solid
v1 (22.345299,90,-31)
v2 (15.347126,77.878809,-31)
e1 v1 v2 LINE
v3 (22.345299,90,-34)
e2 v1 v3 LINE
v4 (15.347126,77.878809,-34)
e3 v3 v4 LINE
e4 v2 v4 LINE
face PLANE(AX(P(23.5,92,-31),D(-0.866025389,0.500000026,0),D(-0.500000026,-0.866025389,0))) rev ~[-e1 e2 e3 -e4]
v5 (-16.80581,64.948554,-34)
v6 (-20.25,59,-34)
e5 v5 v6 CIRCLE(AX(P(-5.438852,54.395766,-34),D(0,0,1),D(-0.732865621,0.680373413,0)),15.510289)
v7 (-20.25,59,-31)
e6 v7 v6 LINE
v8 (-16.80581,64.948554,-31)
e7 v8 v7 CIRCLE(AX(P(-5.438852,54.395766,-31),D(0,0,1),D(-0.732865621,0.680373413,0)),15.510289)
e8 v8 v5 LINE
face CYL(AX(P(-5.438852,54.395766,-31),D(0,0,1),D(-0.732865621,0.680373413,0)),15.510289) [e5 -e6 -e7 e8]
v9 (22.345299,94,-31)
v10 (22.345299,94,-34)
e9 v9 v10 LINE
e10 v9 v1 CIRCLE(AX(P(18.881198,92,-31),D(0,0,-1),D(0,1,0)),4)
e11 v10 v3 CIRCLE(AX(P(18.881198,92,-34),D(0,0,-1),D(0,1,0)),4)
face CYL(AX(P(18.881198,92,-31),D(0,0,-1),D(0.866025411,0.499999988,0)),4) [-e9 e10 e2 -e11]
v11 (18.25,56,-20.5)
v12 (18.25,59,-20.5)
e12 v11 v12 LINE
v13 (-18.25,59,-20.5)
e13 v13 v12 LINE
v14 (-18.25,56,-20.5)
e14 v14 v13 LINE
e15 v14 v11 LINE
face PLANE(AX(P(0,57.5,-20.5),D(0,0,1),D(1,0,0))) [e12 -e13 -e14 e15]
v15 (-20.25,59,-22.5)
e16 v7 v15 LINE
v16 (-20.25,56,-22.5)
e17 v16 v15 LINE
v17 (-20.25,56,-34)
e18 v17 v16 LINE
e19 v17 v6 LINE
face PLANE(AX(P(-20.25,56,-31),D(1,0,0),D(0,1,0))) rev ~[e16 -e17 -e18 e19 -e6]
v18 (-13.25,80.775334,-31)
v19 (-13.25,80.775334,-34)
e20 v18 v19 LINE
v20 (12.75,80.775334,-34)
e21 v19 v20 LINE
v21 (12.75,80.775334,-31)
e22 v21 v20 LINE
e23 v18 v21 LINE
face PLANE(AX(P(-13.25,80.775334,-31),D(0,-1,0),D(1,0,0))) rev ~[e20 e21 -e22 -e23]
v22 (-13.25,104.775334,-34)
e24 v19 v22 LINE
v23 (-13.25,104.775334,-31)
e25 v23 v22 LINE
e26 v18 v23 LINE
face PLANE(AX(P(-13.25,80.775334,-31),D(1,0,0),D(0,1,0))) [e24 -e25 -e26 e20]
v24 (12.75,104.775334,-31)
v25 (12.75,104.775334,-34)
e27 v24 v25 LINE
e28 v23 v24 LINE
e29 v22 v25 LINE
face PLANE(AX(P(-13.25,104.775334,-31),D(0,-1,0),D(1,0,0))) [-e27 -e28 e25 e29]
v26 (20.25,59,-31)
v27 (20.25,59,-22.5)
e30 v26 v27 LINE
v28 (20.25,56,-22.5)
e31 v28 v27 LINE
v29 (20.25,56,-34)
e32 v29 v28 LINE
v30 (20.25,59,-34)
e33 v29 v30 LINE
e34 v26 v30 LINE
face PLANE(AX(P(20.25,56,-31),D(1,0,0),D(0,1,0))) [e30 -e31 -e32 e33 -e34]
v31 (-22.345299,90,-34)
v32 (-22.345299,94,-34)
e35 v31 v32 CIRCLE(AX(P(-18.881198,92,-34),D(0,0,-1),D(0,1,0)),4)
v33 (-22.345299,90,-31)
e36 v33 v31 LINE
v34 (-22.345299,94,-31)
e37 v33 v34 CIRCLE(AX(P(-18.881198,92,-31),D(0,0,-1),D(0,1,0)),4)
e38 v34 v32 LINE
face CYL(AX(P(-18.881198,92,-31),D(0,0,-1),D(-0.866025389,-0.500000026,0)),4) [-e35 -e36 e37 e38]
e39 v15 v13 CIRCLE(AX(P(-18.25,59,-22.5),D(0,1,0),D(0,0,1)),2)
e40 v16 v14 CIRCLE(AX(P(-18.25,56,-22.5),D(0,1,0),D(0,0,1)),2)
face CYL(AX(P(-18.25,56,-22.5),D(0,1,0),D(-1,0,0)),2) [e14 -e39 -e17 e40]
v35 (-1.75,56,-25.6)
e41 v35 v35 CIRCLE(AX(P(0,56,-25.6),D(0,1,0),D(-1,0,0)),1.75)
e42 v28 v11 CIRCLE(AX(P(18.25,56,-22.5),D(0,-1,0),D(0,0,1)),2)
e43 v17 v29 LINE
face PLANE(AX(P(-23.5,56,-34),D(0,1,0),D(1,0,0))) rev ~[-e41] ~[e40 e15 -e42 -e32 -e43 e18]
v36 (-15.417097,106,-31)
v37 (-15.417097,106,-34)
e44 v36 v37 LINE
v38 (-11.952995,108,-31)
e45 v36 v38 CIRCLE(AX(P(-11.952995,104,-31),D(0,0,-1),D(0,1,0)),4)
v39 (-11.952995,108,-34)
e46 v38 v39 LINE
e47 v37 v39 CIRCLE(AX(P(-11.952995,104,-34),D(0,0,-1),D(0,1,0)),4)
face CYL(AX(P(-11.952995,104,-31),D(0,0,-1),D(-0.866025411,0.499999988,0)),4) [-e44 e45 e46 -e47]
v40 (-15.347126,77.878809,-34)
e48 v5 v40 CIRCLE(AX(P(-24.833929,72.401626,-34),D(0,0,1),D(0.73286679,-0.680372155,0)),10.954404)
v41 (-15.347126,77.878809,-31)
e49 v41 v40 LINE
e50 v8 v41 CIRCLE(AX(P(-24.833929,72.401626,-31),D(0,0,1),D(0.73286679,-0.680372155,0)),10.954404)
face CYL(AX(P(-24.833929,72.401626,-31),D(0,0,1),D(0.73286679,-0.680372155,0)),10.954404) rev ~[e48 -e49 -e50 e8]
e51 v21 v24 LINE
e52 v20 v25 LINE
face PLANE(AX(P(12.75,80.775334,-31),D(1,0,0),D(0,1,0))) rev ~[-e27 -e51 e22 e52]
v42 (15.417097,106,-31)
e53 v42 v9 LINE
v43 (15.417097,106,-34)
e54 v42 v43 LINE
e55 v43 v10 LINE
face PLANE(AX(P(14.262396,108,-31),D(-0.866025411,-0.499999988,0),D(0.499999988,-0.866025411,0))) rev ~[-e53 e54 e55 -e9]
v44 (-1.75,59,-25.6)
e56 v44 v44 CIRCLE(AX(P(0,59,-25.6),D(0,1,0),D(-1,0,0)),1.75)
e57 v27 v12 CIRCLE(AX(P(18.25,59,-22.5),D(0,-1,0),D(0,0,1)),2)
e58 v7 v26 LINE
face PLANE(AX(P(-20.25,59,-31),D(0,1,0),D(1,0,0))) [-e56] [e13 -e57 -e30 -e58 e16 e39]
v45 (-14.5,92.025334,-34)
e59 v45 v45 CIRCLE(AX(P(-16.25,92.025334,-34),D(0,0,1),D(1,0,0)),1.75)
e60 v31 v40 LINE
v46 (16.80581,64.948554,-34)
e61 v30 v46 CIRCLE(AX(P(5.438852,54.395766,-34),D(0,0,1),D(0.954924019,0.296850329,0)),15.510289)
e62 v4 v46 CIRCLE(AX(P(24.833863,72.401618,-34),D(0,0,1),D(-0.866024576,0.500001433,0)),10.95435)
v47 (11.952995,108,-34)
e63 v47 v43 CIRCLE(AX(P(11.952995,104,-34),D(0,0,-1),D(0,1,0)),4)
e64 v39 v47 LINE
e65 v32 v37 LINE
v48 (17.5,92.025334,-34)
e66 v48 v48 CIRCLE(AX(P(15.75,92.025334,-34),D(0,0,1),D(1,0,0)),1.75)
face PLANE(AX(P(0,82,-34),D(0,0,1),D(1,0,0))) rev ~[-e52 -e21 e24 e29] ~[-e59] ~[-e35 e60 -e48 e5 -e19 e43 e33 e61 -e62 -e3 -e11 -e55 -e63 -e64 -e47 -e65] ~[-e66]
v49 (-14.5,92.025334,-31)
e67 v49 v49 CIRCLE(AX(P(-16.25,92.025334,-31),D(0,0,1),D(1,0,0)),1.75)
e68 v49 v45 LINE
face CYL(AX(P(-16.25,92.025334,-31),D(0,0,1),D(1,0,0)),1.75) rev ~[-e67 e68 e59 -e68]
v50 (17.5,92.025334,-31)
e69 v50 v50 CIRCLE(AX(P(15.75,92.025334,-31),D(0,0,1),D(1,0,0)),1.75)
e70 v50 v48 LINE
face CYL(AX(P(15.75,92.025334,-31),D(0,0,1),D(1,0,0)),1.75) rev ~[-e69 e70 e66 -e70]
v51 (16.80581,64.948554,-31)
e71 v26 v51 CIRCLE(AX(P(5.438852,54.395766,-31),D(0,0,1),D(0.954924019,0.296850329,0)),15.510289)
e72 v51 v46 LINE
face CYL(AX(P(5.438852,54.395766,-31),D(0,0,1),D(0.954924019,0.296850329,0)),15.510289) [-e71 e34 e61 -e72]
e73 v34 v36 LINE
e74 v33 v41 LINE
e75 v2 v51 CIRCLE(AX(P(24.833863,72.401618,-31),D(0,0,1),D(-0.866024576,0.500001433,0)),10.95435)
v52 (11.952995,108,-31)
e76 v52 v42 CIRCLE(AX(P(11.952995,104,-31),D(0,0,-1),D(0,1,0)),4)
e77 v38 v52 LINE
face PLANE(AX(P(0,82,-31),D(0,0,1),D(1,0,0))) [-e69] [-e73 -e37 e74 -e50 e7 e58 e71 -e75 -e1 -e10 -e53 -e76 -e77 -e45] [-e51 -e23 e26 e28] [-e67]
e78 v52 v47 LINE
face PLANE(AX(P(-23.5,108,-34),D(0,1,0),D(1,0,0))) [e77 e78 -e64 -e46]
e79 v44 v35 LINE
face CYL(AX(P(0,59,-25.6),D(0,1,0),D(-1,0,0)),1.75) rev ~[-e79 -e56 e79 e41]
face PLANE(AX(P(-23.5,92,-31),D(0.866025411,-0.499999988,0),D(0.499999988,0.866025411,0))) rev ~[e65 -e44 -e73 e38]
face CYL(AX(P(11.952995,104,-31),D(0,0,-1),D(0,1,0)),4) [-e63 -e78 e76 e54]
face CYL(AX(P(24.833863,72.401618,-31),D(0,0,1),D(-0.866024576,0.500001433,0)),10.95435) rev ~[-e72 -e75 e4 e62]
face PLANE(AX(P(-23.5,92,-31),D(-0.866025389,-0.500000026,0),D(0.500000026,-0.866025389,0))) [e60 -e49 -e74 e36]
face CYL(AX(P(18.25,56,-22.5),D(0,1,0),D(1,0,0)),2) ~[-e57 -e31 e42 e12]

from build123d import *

# Parameters (mm, degrees)
BOX001_W        = 47
BOX001_H        = 52
BOX001_DEPTH    = 3
SKETCH_R        = 1.75
SKETCH_W        = 26
SKETCH_H        = 24
POCKET004_DEPTH = 5
SKETCH001_W     = 66.159115
SKETCH001_H     = 64.322982
POCKET005_DEPTH = 5
FILLET014_R     = 4
BOX002_W        = 40.5
BOX002_H        = 3
BOX002_DEPTH    = 10.5
FILLET015_R     = 2
SKETCH002_R     = 1.75
POCKET006_DEPTH = 5


with BuildPart() as fillet_tongue_base:
    # Box001 → Box001 (new body)
    with BuildSketch(Plane(origin=(-23.5, 56, -34), x_dir=(1, 0, 0), z_dir=(0, 0, 1))):
        with Locations((23.5, 26)):
            Rectangle(BOX001_W, BOX001_H)
    extrude(amount=BOX001_DEPTH)

    # Sketch → Pocket004 (cut)
    with BuildSketch(Plane(origin=(-23.5, 56, -31), x_dir=(1, 0, 0), z_dir=(0, 0, 1))):
        with Locations((7.25, 36.025334)):
            Circle(SKETCH_R)
        with Locations((39.25, 36.025334)):
            Circle(SKETCH_R)
        with Locations((23.25, 36.775334)):
            Rectangle(SKETCH_W, SKETCH_H)
    extrude(amount=-POCKET004_DEPTH, mode=Mode.SUBTRACT)

    # Sketch001 → Pocket005 (cut)
    with BuildSketch(Plane(origin=(-23.5, 56, -31), x_dir=(1, 0, 0), z_dir=(0, 0, 1))):
        with Locations((23.771638, 27.147535)):
            Rectangle(SKETCH001_W, SKETCH001_H)
        with BuildLine():
            Line((0, 36), (9.237604, 52))
            Line((9.237604, 52), (37.762396, 52))
            Line((37.762396, 52), (47, 36))
            Line((47, 36), (38.847126, 21.878809))
            ThreePointArc((38.847126, 21.878809), (37.448559, 15.173629), (40.30581, 8.948554))
            ThreePointArc((43.75, 3), (42.36158, 6.167474), (40.30581, 8.948554))
            Line((43.75, 0), (43.75, 3))
            Line((3.25, 0), (43.75, 0))
            Line((3.25, 0), (3.25, 3))
            ThreePointArc((6.69419, 8.948554), (4.63842, 6.167474), (3.25, 3))
            ThreePointArc((6.69419, 8.948554), (9.551428, 15.17363), (8.152874, 21.878809))
            Line((0, 36), (8.152874, 21.878809))
        make_face(mode=Mode.SUBTRACT)
    extrude(amount=-POCKET005_DEPTH, mode=Mode.SUBTRACT)

    # Fillet014
    fillet014_edges = [fillet_tongue_base.edges().sort_by_distance(p)[0] for p in [
        (-14.262396, 108, -32.5),
        (-23.5, 92, -32.5),
        (14.262396, 108, -32.5),
        (23.5, 92, -32.5),
    ]]
    fillet(fillet014_edges, radius=FILLET014_R)


with BuildPart() as renacuajo_doubleir_tongue:
    # Box002 → Box002 (new body)
    with BuildSketch(Plane(origin=(-20.25, 56, -31), x_dir=(1, 0, 0), z_dir=(0, 0, 1))):
        with Locations((20.25, 1.5)):
            Rectangle(BOX002_W, BOX002_H)
    extrude(amount=BOX002_DEPTH)

    # Fillet015
    fillet015_edges = [renacuajo_doubleir_tongue.edges().sort_by_distance(p)[0] for p in [
        (-20.25, 57.5, -20.5),
        (20.25, 57.5, -20.5),
    ]]
    fillet(fillet015_edges, radius=FILLET015_R)

    # Sketch002 → Pocket006 (cut)
    with BuildSketch(Plane(origin=(0, 59, 0), x_dir=(-1, 0, 0), z_dir=(0, 1, 0))):
        with Locations((0, -25.6)):
            Circle(SKETCH002_R)
    extrude(amount=-POCKET006_DEPTH, mode=Mode.SUBTRACT)

    # Fusion005: union Fillet_tongue_base
    add(fillet_tongue_base.part)


solid = renacuajo_doubleir_tongue.part
